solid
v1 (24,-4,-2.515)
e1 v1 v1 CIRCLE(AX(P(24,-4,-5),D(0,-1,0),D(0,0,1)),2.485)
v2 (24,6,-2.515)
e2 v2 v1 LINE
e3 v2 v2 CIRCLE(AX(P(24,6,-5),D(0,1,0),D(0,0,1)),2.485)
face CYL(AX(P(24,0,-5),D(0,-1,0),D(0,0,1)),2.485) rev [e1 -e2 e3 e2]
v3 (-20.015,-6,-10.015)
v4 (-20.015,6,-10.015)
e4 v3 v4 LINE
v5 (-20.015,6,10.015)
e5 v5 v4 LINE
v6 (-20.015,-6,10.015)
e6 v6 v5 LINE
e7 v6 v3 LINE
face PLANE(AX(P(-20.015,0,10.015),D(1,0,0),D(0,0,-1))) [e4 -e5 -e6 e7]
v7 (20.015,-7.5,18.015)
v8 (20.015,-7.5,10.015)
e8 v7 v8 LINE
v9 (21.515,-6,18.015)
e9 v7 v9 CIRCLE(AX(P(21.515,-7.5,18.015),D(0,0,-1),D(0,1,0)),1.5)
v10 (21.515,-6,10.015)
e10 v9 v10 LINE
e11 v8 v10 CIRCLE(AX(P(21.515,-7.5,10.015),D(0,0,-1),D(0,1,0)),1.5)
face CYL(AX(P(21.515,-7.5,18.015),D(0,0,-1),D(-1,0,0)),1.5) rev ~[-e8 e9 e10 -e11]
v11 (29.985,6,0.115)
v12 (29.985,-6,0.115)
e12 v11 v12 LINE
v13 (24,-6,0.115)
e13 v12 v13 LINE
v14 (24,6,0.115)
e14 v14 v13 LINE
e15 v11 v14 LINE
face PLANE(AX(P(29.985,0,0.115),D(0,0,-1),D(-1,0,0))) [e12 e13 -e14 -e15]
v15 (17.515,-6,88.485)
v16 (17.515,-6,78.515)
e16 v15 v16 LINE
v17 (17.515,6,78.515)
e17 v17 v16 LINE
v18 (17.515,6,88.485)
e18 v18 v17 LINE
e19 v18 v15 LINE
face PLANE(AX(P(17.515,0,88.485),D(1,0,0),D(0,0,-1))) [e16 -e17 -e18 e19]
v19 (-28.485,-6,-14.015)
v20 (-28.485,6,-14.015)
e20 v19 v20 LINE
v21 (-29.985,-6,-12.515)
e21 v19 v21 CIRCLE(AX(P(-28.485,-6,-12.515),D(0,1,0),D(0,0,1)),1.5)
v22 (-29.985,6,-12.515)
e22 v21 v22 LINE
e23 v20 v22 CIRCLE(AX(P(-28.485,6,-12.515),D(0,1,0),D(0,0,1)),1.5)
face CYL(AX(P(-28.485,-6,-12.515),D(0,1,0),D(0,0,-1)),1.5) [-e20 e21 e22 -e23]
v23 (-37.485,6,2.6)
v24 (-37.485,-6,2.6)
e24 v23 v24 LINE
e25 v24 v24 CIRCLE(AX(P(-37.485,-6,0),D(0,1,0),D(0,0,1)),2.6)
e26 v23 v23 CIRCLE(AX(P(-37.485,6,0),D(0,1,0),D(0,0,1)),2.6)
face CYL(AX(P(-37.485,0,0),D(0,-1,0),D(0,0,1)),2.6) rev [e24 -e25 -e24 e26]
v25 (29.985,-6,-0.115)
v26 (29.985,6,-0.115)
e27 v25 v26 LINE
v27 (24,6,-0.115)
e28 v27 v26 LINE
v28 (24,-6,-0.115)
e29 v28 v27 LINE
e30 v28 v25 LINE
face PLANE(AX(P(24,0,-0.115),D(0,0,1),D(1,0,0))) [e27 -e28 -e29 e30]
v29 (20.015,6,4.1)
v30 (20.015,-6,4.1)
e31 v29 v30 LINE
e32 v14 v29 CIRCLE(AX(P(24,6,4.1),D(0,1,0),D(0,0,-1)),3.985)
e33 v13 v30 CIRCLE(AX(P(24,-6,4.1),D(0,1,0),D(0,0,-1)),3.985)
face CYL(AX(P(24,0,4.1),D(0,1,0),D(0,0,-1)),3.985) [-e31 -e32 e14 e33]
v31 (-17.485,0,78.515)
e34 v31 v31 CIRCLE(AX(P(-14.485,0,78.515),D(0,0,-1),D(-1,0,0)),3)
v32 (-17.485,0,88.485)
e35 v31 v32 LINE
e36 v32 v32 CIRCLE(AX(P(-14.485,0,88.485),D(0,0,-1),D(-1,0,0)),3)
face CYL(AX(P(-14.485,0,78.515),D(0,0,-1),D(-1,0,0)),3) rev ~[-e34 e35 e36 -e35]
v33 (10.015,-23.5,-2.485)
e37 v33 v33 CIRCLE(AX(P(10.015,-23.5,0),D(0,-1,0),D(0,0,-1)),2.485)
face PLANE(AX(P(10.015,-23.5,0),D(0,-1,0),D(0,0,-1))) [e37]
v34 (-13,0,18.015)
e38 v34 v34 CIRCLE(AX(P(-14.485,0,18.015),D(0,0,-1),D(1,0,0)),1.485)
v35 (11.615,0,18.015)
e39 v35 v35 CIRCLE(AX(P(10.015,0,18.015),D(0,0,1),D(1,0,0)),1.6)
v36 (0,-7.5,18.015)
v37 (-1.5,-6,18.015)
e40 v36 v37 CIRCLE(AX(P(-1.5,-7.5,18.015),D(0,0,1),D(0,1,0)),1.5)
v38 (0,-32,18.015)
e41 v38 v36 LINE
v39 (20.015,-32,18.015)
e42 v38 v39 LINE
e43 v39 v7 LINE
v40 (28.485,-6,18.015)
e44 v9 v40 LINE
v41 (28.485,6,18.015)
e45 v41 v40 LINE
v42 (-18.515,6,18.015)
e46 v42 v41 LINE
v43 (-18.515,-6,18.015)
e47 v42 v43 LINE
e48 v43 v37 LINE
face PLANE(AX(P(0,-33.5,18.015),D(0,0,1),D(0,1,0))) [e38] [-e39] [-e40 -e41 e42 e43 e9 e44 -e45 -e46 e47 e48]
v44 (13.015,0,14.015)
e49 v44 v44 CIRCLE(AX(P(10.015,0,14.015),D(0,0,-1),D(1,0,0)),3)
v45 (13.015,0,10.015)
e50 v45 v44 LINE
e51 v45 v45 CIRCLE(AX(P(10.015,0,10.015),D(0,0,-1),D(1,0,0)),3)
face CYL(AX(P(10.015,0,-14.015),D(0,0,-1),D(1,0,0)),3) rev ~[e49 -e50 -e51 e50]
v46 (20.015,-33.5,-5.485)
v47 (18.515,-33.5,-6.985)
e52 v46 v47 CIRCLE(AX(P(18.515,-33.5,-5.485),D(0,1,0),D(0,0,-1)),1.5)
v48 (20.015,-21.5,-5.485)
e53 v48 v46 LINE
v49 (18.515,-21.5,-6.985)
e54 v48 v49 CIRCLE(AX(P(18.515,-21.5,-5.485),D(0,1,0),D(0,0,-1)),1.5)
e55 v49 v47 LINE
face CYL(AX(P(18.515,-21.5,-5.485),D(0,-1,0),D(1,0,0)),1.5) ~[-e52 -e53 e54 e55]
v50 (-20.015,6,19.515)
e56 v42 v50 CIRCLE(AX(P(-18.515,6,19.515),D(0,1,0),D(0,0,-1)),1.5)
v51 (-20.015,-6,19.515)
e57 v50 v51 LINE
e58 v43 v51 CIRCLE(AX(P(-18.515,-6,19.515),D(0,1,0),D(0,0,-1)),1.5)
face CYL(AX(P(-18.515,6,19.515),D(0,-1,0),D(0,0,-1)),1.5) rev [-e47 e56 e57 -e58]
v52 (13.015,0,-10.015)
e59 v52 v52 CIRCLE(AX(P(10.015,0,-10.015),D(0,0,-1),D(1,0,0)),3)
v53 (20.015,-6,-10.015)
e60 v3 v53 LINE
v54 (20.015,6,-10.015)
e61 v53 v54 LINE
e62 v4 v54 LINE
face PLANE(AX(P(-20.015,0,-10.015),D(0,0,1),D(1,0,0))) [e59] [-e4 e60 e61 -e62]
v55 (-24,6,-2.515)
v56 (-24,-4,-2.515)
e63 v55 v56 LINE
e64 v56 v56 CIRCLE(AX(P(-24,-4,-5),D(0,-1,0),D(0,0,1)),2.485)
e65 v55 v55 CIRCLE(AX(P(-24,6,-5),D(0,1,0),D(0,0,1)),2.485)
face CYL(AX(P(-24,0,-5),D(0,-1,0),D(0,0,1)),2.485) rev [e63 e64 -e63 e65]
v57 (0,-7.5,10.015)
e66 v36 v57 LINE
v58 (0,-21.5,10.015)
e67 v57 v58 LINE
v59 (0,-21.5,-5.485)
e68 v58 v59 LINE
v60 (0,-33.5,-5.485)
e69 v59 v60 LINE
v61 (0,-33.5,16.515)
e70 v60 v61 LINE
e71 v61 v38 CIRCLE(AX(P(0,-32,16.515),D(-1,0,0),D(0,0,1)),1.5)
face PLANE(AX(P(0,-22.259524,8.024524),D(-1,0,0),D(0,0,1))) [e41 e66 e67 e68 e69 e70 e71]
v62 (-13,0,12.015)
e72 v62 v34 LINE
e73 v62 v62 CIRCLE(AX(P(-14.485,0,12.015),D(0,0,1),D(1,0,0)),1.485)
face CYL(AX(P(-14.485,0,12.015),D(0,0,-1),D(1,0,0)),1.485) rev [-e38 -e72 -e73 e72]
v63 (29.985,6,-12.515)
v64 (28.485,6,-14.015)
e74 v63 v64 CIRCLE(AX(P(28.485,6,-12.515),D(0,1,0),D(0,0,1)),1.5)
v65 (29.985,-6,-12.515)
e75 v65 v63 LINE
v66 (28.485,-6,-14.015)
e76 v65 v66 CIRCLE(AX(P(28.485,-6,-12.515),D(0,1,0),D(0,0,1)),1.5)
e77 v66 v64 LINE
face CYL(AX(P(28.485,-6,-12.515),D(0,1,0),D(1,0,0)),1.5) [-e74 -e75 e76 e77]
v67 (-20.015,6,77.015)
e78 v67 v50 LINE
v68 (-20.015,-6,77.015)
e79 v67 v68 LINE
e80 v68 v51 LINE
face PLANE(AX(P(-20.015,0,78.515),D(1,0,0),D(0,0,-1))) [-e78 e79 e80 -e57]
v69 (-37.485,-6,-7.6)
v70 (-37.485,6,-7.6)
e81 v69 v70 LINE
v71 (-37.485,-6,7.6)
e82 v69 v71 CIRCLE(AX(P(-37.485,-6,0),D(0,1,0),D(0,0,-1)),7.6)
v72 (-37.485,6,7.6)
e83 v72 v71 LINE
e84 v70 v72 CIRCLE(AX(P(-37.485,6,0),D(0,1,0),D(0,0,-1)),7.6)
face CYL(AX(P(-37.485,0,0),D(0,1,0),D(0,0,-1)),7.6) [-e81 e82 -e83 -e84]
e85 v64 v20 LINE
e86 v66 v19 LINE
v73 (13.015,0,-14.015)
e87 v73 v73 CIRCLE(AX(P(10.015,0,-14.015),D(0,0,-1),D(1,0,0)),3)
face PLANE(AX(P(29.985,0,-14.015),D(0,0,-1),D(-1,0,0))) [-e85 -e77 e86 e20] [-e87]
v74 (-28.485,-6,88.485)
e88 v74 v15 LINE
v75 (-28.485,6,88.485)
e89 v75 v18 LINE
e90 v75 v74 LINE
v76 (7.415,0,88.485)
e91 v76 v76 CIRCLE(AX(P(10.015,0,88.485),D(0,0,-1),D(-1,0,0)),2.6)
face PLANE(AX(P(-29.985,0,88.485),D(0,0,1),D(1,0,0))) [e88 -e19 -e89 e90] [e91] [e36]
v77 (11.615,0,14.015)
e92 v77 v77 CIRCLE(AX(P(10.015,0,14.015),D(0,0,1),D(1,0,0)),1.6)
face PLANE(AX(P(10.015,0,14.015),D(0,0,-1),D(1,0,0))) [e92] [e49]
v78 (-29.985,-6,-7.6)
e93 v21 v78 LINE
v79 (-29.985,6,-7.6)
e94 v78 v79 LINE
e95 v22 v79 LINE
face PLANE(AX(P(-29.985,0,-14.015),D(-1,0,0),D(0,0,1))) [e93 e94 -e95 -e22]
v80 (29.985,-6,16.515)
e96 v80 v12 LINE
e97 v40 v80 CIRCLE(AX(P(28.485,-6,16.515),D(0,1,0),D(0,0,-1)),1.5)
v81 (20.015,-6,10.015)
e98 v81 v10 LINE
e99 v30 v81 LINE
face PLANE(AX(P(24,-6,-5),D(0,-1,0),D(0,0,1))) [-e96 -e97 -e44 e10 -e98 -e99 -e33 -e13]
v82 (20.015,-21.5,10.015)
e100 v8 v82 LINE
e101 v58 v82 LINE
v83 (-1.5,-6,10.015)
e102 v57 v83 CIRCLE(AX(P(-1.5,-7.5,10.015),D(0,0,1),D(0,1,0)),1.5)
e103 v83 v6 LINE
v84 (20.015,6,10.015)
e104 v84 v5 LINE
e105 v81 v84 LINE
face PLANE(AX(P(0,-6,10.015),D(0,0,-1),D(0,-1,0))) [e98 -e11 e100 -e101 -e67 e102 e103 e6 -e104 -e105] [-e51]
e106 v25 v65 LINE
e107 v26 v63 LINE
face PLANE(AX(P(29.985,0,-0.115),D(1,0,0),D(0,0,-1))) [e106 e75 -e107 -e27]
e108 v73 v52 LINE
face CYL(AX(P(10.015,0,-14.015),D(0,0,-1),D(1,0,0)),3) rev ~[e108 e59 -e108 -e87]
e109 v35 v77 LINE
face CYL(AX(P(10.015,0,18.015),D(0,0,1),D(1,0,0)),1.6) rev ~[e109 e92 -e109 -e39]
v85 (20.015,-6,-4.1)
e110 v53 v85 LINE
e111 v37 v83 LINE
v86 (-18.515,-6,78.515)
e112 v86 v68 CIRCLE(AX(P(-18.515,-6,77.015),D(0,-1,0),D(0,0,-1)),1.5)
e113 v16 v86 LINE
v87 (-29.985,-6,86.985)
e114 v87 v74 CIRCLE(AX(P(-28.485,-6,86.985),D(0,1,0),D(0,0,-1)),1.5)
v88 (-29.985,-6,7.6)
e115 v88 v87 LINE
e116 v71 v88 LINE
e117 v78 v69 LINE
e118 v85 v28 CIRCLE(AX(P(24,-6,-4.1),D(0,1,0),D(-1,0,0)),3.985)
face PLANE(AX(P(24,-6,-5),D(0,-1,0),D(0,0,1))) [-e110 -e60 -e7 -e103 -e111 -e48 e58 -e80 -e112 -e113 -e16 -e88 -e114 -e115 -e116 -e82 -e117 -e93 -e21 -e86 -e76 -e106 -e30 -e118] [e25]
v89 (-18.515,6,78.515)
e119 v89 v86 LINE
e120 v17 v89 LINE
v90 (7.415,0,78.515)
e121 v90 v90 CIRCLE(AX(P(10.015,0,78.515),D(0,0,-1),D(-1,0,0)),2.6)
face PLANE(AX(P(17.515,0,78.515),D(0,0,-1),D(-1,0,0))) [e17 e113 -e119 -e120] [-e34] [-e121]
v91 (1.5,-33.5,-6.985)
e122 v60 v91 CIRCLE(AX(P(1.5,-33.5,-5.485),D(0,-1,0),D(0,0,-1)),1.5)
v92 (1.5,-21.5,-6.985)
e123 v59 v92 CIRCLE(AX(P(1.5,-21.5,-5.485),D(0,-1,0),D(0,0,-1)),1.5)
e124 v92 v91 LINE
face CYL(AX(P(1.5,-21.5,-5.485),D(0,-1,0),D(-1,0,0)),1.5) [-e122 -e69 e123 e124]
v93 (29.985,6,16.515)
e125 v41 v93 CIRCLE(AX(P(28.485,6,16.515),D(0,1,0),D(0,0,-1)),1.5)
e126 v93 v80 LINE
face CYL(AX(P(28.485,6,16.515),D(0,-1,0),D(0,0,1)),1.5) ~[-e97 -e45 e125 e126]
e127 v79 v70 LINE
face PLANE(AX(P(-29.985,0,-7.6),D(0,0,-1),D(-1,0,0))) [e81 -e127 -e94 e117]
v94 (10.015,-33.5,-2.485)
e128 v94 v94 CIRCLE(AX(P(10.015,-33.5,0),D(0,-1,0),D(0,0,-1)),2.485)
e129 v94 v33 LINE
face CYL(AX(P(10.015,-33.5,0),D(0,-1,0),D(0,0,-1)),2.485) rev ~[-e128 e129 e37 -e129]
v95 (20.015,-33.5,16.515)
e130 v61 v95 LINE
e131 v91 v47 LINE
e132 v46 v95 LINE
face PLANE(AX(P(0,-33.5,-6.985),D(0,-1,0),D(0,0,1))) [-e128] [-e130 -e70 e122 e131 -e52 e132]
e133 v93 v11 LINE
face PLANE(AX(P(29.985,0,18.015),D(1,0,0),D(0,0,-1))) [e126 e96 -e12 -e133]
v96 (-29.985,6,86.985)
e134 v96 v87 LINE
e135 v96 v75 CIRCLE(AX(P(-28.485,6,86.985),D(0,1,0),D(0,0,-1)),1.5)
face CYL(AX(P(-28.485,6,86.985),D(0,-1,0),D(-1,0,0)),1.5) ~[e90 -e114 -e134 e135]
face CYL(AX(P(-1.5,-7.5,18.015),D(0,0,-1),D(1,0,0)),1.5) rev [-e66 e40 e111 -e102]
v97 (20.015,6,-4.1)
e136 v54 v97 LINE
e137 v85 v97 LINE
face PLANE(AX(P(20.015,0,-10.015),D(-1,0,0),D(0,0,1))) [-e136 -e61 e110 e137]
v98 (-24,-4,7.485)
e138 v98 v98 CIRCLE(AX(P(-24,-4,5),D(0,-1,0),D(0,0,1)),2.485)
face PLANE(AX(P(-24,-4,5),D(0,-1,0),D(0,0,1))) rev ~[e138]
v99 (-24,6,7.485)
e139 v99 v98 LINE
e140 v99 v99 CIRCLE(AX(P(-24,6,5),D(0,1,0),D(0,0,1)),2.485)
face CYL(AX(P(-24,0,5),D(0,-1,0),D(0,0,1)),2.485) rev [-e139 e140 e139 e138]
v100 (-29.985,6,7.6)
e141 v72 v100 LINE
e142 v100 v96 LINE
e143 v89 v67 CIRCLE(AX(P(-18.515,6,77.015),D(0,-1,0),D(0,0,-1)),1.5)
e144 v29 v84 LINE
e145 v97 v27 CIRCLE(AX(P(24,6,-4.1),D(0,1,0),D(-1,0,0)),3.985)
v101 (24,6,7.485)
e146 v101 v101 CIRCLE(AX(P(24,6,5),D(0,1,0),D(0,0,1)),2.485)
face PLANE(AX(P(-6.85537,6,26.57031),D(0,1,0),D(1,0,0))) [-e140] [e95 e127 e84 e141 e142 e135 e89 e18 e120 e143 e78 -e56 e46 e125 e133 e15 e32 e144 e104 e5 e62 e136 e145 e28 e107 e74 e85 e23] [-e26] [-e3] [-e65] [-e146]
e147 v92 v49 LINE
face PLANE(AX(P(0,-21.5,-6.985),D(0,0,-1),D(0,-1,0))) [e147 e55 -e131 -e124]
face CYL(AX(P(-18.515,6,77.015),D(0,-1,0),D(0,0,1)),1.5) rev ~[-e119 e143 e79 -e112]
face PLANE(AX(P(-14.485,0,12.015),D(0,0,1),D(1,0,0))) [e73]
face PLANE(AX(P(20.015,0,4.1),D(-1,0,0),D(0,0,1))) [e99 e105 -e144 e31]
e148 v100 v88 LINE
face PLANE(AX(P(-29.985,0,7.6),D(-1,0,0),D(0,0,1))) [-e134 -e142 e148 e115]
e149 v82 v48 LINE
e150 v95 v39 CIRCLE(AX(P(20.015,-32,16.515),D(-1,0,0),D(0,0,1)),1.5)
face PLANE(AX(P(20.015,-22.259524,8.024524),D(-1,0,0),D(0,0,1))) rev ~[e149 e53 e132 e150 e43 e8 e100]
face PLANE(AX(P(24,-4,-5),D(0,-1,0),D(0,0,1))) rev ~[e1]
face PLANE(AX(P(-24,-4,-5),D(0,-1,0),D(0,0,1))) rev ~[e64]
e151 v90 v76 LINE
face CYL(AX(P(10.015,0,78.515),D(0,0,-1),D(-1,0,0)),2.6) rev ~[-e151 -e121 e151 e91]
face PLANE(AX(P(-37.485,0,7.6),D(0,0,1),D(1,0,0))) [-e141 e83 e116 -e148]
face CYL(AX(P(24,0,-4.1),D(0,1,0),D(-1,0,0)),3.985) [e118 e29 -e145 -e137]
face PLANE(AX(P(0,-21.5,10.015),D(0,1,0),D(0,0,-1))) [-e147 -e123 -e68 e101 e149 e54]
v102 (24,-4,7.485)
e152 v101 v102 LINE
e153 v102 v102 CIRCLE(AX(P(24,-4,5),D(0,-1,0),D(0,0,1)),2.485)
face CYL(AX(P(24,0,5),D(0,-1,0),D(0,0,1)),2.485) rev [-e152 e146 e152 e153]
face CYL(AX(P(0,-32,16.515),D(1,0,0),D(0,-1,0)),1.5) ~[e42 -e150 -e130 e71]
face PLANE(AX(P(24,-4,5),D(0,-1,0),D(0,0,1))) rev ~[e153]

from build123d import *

# Parameters (mm, degrees)
SKETCH1_R               = 2.485
SKETCH1_R_2             = 2.6
BOSS_EXTRUDE1_DEPTH     = 6
SKETCH2_R               = 2.485
BOSS_EXTRUDE2_DEPTH     = 2
SKETCH3_R               = 1.6
CUT_EXTRUDE1_DEPTH      = 10
SKETCH4_R               = 3
CUT_EXTRUDE2_DEPTH      = 28.03
BOSS_EXTRUDE3_DEPTH     = 20.015
SKETCH6_R               = 2.485
CUT_EXTRUDE3_DEPTH      = 10
CUT_EXTRUDE6_DEPTH      = 91.116192357
CUT_EXTRUDE6_DEPTH_BACK = 6
SKETCH10_R              = 1.485
SKETCH9_R               = 3
SKETCH9_R_2             = 1.485
SKETCH9_R_3             = 2.6
SKETCH9_R_4             = 1.6
CUT_EXTRUDE5_DEPTH      = 109.243744046
FILLET1_R               = 1.5


with BuildPart() as part:
    # Sketch1 → Boss-Extrude1 (new, symmetric)
    with BuildSketch(Plane(origin=(0, 0, 0), x_dir=(1, 0, 0), z_dir=(0, 1, 0))):
        with BuildLine():
            Line((20.015, -4.1), (20.015, -10.015))
            Line((20.015, -10.015), (-20.015, -10.015))
            Line((-20.015, -10.015), (-20.015, 10.015))
            Line((-20.015, 10.015), (20.015, 10.015))
            Line((20.015, 10.015), (20.015, 4.1))
            ThreePointArc((20.015, 4.1), (21.182179477, 1.282179477), (24, 0.115))
            Line((24, 0.115), (29.985, 0.115))
            Line((29.985, 0.115), (29.985, 14.015))
            Line((29.985, 14.015), (-29.985, 14.015))
            Line((-29.985, 14.015), (-29.985, 7.6))
            Line((-29.985, 7.6), (-37.485, 7.6))
            ThreePointArc((-37.485, 7.6), (-45.085, 0), (-37.485, -7.6))
            Line((-37.485, -7.6), (-29.985, -7.6))
            Line((-29.985, -7.6), (-29.985, -88.485))
            Line((-29.985, -88.485), (17.515, -88.485))
            Line((17.515, -88.485), (17.515, -78.515))
            Line((17.515, -78.515), (-20.015, -78.515))
            Line((-20.015, -78.515), (-20.015, -18.015))
            Line((-20.015, -18.015), (29.985, -18.015))
            Line((29.985, -18.015), (29.985, -0.115))
            Line((29.985, -0.115), (24, -0.115))
            ThreePointArc((24, -0.115), (21.182179477, -1.282179477), (20.015, -4.1))
        make_face()
        with Locations(Location((-24, -5, 0), (0, 0, 270))):
            Circle(SKETCH1_R, mode=Mode.SUBTRACT)
        with Locations(Location((-24, 5, 0), (0, 0, 270))):
            Circle(SKETCH1_R, mode=Mode.SUBTRACT)
        with Locations(Location((24, -5, 0), (0, 0, 270))):
            Circle(SKETCH1_R, mode=Mode.SUBTRACT)
        with Locations(Location((24, 5, 0), (0, 0, 270))):
            Circle(SKETCH1_R, mode=Mode.SUBTRACT)
        with Locations(Location((-37.485, 0, 0), (0, 0, 270))):
            Circle(SKETCH1_R_2, mode=Mode.SUBTRACT)
    extrude(amount=BOSS_EXTRUDE1_DEPTH, both=True)

    # Sketch2 → Boss-Extrude2 (add)
    with BuildSketch(Plane.XZ.offset(6)):
        with Locations(Location((24, -5, 0), (0, 0, 90))):
            Circle(SKETCH2_R)
        with Locations(Location((24, 5, 0), (0, 0, 90))):
            Circle(SKETCH2_R)
        with Locations(Location((-24, -5, 0), (0, 0, 90))):
            Circle(SKETCH2_R)
        with Locations(Location((-24, 5, 0), (0, 0, 90))):
            Circle(SKETCH2_R)
    extrude(amount=-BOSS_EXTRUDE2_DEPTH)

    # Sketch3 → Cut-Extrude1 (cut)
    with BuildSketch(Plane.XY.offset(18.015)):
        with Locations((10.015, 0)):
            Circle(SKETCH3_R)
    extrude(amount=-CUT_EXTRUDE1_DEPTH, mode=Mode.SUBTRACT)

    # Sketch4 → Cut-Extrude2 (cut)
    with BuildSketch(Plane(origin=(0, 0, -14.015), x_dir=(-1, 0, 0), z_dir=(0, 0, -1))):
        with Locations(Location((-10.015, 0, 0), (0, 0, 180))):
            Circle(SKETCH4_R)
    extrude(amount=-CUT_EXTRUDE2_DEPTH, mode=Mode.SUBTRACT)

    # Sketch5 → Boss-Extrude3 (add)
    with BuildSketch(Plane(origin=(0, 0, 0), x_dir=(0, 0, -1), z_dir=(1, 0, 0))):
        Polygon((-18.015, -6), (-10.015, -6), (-10.015, -21.5), (6.985, -21.5), (6.985, -33.5), (-18.015, -33.5), align=None)
    extrude(amount=BOSS_EXTRUDE3_DEPTH)

    # Sketch6 → Cut-Extrude3 (cut)
    with BuildSketch(Plane.XZ.offset(33.5)):
        with Locations(Location((10.015, 0, 0), (0, 0, 270))):
            Circle(SKETCH6_R)
    extrude(amount=-CUT_EXTRUDE3_DEPTH, mode=Mode.SUBTRACT)

    # Sketch10 → Cut-Extrude6 (cut, two sides: drawn at the far end of the back side and taken through both)
    with BuildSketch(Plane.XY.offset(18.015).offset(-CUT_EXTRUDE6_DEPTH_BACK)):
        with Locations((-14.485, 0)):
            Circle(SKETCH10_R)
    extrude(amount=CUT_EXTRUDE6_DEPTH + CUT_EXTRUDE6_DEPTH_BACK, mode=Mode.SUBTRACT)

    # Sketch9 → Cut-Extrude5 (cut, through all)
    # profile 1 of 3: a face of its own
    with BuildSketch(Plane(origin=(0, 0, 78.515), x_dir=(-1, 0, 0), z_dir=(0, 0, -1))):
        with Locations((14.485, 0)):
            Circle(SKETCH9_R)
        with Locations(Location((14.485, 0, 0), (0, 0, 180))):
            Circle(SKETCH9_R_2, mode=Mode.SUBTRACT)
    # profile 2 of 3: a face of its own
    with BuildSketch(Plane(origin=(0, 0, 78.515), x_dir=(-1, 0, 0), z_dir=(0, 0, -1))):
        with Locations((-10.015, 0)):
            Circle(SKETCH9_R_3)
        with Locations(Location((-10.015, 0, 0), (0, 0, 180))):
            Circle(SKETCH9_R_4, mode=Mode.SUBTRACT)
    # profile 3 of 3: a face of its own
    with BuildSketch(Plane(origin=(0, 0, 78.515), x_dir=(-1, 0, 0), z_dir=(0, 0, -1))):
        with Locations(Location((-10.015, 0, 0), (0, 0, 180))):
            Circle(SKETCH9_R_4)
    extrude(amount=-CUT_EXTRUDE5_DEPTH, mode=Mode.SUBTRACT)

    # Fillet1
    fillet1_edges = [part.edges().sort_by_distance(p)[0] for p in [
        (20.015, -6, 14.015),
        (0, -6, 14.015),
        (20.015, -27.5, -6.985),
        (0, -27.5, -6.985),
        (10.0075, -33.5, 18.015),
        (-29.985, 0, -14.015),
        (29.985, 0, -14.015),
        (29.985, 0, 18.015),
        (-20.015, 0, 18.015),
        (-20.015, 0, 78.515),
        (-29.985, 0, 88.485),
    ]]
    fillet(fillet1_edges, radius=FILLET1_R)


solid = part.part
